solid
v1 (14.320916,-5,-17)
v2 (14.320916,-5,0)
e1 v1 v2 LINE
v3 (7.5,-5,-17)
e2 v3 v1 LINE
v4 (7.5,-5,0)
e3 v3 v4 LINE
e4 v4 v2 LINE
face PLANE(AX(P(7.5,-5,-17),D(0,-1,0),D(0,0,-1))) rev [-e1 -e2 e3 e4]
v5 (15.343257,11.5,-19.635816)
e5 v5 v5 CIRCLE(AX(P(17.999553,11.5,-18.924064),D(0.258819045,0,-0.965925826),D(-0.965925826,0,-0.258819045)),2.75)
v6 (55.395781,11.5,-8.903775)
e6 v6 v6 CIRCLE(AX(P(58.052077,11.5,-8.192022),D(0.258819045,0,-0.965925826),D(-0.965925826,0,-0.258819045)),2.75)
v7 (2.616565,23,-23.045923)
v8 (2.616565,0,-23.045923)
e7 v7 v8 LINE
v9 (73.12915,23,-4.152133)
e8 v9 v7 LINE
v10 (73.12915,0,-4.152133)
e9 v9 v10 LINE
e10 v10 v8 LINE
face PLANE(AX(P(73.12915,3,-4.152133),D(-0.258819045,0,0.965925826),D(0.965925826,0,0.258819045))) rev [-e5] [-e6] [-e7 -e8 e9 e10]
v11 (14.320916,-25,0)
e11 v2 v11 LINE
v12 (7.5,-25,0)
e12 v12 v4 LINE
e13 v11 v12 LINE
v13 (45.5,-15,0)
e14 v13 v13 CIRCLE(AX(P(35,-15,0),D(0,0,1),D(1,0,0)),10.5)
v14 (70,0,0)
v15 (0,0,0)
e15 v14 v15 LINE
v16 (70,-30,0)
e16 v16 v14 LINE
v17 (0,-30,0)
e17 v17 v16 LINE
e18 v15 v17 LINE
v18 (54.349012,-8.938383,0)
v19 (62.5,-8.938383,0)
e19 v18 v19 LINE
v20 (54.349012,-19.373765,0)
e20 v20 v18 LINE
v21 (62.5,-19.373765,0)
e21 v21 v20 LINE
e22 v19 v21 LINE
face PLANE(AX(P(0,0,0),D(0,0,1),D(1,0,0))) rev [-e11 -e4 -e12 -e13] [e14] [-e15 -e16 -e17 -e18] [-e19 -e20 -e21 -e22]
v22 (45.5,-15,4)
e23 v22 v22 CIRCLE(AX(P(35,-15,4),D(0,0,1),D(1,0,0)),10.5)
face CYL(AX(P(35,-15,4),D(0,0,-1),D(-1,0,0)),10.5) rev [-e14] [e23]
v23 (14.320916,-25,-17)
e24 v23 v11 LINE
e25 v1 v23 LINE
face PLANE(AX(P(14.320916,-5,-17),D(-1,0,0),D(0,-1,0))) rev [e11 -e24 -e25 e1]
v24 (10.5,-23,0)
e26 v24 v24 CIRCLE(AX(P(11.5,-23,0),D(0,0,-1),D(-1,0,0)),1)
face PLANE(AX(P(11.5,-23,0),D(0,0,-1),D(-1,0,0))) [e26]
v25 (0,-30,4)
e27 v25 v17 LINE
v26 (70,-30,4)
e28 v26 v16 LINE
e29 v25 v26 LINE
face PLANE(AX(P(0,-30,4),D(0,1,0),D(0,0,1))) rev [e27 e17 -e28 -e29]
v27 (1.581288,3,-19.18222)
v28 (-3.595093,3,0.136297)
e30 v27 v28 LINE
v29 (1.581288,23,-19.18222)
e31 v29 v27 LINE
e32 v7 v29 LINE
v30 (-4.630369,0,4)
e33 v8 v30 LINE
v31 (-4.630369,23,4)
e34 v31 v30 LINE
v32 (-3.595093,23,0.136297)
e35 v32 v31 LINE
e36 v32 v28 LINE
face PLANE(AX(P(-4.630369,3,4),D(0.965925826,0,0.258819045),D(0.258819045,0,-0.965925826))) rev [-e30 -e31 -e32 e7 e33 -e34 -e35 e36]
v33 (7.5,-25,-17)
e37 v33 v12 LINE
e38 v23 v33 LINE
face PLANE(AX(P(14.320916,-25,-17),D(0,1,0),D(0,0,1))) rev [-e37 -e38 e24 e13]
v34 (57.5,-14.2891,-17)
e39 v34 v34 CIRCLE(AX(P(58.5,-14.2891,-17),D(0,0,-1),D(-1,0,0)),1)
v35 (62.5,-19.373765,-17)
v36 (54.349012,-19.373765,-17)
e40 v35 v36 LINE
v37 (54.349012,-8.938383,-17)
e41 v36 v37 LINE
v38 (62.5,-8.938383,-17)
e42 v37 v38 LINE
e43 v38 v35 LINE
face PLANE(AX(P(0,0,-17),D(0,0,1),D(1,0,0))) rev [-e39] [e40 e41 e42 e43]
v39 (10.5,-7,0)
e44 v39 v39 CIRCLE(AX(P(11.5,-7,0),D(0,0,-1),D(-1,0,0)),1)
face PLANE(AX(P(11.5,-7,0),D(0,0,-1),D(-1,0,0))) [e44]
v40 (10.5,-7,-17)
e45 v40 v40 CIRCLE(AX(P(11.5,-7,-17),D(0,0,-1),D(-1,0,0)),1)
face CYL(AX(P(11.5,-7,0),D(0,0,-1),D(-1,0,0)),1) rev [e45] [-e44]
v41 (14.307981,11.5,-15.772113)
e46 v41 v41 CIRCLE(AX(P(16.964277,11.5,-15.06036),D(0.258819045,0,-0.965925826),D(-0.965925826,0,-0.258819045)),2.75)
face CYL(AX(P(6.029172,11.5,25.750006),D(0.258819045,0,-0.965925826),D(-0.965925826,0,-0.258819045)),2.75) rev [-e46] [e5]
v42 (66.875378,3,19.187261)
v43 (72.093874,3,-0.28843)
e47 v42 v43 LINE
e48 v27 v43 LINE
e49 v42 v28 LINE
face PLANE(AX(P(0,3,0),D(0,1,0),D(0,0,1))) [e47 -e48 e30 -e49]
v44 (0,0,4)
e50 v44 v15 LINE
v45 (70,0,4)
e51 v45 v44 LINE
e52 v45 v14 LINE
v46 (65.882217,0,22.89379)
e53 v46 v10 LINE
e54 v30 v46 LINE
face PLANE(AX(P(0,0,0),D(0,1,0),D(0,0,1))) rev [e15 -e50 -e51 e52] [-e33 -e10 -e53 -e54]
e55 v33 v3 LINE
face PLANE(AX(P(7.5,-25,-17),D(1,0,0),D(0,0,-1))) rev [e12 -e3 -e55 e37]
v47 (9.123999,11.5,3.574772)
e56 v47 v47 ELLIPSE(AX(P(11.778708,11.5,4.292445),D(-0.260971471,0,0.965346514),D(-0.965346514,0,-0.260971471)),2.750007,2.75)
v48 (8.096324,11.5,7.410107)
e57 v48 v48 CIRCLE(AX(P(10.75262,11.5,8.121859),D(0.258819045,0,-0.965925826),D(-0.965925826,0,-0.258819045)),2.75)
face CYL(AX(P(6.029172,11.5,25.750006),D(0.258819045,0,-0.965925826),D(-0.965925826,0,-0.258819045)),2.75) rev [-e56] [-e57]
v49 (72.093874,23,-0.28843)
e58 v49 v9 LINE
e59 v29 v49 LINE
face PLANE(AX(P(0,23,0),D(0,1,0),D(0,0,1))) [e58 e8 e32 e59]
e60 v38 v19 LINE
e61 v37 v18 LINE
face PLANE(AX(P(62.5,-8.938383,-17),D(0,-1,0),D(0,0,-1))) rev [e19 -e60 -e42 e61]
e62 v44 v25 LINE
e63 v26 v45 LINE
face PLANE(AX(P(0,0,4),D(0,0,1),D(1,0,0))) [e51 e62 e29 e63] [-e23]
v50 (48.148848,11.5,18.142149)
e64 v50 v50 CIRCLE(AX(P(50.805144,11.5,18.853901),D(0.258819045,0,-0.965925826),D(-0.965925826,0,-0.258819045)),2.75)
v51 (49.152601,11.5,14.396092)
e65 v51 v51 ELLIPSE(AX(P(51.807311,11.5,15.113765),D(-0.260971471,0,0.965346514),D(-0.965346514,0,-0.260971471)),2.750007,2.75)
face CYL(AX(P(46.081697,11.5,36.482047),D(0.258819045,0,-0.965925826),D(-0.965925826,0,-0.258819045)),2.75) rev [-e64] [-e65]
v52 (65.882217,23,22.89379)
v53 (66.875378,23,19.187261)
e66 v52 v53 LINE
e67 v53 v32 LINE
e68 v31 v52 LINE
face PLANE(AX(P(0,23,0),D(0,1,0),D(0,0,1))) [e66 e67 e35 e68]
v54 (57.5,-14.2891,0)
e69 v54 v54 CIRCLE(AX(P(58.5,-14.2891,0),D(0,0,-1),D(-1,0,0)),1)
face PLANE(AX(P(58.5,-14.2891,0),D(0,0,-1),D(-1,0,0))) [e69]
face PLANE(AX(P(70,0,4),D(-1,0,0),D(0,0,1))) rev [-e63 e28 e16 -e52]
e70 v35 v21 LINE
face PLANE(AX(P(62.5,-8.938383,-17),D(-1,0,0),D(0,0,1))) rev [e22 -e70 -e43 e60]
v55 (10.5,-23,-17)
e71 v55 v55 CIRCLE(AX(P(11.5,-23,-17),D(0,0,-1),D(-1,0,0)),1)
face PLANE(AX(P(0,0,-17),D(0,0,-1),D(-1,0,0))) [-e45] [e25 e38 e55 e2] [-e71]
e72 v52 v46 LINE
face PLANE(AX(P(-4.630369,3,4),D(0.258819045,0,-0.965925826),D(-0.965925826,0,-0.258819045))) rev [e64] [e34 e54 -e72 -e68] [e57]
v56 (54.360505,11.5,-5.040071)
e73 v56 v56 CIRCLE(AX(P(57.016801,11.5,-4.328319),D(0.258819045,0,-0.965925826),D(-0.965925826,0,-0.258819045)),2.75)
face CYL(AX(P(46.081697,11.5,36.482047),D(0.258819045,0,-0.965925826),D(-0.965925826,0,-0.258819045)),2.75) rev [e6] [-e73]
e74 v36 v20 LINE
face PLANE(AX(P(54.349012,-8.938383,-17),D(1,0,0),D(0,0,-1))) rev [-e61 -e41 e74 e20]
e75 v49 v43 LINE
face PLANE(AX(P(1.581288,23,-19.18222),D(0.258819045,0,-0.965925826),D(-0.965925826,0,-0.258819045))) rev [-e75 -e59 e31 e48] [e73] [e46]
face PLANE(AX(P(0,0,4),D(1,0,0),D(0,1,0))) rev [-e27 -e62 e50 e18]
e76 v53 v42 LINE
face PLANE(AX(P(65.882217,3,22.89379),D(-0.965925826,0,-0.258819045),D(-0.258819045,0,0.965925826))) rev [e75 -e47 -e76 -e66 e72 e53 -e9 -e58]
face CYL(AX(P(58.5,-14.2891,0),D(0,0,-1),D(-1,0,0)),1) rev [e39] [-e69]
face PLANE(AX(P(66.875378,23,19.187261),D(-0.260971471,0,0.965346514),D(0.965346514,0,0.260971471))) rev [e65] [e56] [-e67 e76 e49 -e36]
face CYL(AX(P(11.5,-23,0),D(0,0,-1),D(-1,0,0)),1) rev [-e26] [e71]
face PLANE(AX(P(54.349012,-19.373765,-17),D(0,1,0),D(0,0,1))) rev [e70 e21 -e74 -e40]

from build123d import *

# Parameters (mm, degrees)
SKETCH1_W           = 70
SKETCH1_H           = 30
SKETCH1_R           = 10.5
BOSS_EXTRUDE1_DEPTH = 4
SKETCH3_W           = 8.150987667
SKETCH3_H           = 10.43538234
SKETCH3_W_2         = 6.820916115
SKETCH3_H_2         = 20
BOSS_EXTRUDE2_DEPTH = 17
SKETCH4_R           = 1
CUT_EXTRUDE1_DEPTH  = 17
BOSS_EXTRUDE4_DEPTH = 3
BOSS_EXTRUDE5_DEPTH = 20
SKETCH10_R          = 2.75
CUT_EXTRUDE2_DEPTH  = 47.25


with BuildPart() as part:
    # Sketch1 → Boss-Extrude1 (new body)
    with BuildSketch(Plane.XY):
        with Locations((35, -15)):
            Rectangle(SKETCH1_W, SKETCH1_H)
        with Locations((35, -15)):
            Circle(SKETCH1_R, mode=Mode.SUBTRACT)
    extrude(amount=BOSS_EXTRUDE1_DEPTH)

    # Sketch3 → Boss-Extrude2 (add)
    with BuildSketch(Plane(origin=(0, 0, 0), x_dir=(-1, 0, 0), z_dir=(0, 0, -1))):
        with Locations((-58.424506167, -14.156074174)):
            Rectangle(SKETCH3_W, SKETCH3_H)
        with Locations((-10.910458058, -15)):
            Rectangle(SKETCH3_W_2, SKETCH3_H_2)
    extrude(amount=BOSS_EXTRUDE2_DEPTH)

    # Sketch4 → Cut-Extrude1 (cut)
    with BuildSketch(Plane(origin=(0, 0, -17), x_dir=(-1, 0, 0), z_dir=(0, 0, -1))):
        with Locations((-58.5, -14.289099526)):
            Circle(SKETCH4_R)
        with Locations((-11.5, -7)):
            Circle(SKETCH4_R)
        with Locations((-11.5, -23)):
            Circle(SKETCH4_R)
    extrude(amount=-CUT_EXTRUDE1_DEPTH, mode=Mode.SUBTRACT)

    # Sketch7 → Boss-Extrude4 (add)
    with BuildSketch(Plane(origin=(0, 0, 0), x_dir=(1, 0, 0), z_dir=(0, 1, 0))):
        Polygon((-4.630368757, -4), (65.882216562, -22.893790292), (73.129149825, 4.152132844), (2.616564506, 23.045923136), align=None)
    extrude(amount=BOSS_EXTRUDE4_DEPTH)

    # Sketch9 → Boss-Extrude5 (add)
    with BuildSketch(Plane(origin=(0, 3, 0), x_dir=(1, 0, 0), z_dir=(0, 1, 0))):
        Polygon((-4.630368757, -4), (65.882216562, -22.893790292), (66.875377983, -19.18726141), (-3.595092577, -0.136296695), align=None)
        Polygon((2.616564506, 23.045923136), (1.581288325, 19.182219831), (72.093873644, 0.288429538), (73.129149825, 4.152132844), align=None)
    extrude(amount=BOSS_EXTRUDE5_DEPTH)

    # Sketch10 → Cut-Extrude2 (cut, through all)
    with BuildSketch(Plane(origin=(5.936757371, 0, -22.156280139), x_dir=(-0.965925826, 0, -0.258819045), z_dir=(0.258819045, 0, -0.965925826))):
        with Locations((-53.953749554, 11.5)):
            Circle(SKETCH10_R)
        with Locations((-12.488324975, 11.5)):
            Circle(SKETCH10_R)
    extrude(amount=-CUT_EXTRUDE2_DEPTH, mode=Mode.SUBTRACT)


solid = part.part
